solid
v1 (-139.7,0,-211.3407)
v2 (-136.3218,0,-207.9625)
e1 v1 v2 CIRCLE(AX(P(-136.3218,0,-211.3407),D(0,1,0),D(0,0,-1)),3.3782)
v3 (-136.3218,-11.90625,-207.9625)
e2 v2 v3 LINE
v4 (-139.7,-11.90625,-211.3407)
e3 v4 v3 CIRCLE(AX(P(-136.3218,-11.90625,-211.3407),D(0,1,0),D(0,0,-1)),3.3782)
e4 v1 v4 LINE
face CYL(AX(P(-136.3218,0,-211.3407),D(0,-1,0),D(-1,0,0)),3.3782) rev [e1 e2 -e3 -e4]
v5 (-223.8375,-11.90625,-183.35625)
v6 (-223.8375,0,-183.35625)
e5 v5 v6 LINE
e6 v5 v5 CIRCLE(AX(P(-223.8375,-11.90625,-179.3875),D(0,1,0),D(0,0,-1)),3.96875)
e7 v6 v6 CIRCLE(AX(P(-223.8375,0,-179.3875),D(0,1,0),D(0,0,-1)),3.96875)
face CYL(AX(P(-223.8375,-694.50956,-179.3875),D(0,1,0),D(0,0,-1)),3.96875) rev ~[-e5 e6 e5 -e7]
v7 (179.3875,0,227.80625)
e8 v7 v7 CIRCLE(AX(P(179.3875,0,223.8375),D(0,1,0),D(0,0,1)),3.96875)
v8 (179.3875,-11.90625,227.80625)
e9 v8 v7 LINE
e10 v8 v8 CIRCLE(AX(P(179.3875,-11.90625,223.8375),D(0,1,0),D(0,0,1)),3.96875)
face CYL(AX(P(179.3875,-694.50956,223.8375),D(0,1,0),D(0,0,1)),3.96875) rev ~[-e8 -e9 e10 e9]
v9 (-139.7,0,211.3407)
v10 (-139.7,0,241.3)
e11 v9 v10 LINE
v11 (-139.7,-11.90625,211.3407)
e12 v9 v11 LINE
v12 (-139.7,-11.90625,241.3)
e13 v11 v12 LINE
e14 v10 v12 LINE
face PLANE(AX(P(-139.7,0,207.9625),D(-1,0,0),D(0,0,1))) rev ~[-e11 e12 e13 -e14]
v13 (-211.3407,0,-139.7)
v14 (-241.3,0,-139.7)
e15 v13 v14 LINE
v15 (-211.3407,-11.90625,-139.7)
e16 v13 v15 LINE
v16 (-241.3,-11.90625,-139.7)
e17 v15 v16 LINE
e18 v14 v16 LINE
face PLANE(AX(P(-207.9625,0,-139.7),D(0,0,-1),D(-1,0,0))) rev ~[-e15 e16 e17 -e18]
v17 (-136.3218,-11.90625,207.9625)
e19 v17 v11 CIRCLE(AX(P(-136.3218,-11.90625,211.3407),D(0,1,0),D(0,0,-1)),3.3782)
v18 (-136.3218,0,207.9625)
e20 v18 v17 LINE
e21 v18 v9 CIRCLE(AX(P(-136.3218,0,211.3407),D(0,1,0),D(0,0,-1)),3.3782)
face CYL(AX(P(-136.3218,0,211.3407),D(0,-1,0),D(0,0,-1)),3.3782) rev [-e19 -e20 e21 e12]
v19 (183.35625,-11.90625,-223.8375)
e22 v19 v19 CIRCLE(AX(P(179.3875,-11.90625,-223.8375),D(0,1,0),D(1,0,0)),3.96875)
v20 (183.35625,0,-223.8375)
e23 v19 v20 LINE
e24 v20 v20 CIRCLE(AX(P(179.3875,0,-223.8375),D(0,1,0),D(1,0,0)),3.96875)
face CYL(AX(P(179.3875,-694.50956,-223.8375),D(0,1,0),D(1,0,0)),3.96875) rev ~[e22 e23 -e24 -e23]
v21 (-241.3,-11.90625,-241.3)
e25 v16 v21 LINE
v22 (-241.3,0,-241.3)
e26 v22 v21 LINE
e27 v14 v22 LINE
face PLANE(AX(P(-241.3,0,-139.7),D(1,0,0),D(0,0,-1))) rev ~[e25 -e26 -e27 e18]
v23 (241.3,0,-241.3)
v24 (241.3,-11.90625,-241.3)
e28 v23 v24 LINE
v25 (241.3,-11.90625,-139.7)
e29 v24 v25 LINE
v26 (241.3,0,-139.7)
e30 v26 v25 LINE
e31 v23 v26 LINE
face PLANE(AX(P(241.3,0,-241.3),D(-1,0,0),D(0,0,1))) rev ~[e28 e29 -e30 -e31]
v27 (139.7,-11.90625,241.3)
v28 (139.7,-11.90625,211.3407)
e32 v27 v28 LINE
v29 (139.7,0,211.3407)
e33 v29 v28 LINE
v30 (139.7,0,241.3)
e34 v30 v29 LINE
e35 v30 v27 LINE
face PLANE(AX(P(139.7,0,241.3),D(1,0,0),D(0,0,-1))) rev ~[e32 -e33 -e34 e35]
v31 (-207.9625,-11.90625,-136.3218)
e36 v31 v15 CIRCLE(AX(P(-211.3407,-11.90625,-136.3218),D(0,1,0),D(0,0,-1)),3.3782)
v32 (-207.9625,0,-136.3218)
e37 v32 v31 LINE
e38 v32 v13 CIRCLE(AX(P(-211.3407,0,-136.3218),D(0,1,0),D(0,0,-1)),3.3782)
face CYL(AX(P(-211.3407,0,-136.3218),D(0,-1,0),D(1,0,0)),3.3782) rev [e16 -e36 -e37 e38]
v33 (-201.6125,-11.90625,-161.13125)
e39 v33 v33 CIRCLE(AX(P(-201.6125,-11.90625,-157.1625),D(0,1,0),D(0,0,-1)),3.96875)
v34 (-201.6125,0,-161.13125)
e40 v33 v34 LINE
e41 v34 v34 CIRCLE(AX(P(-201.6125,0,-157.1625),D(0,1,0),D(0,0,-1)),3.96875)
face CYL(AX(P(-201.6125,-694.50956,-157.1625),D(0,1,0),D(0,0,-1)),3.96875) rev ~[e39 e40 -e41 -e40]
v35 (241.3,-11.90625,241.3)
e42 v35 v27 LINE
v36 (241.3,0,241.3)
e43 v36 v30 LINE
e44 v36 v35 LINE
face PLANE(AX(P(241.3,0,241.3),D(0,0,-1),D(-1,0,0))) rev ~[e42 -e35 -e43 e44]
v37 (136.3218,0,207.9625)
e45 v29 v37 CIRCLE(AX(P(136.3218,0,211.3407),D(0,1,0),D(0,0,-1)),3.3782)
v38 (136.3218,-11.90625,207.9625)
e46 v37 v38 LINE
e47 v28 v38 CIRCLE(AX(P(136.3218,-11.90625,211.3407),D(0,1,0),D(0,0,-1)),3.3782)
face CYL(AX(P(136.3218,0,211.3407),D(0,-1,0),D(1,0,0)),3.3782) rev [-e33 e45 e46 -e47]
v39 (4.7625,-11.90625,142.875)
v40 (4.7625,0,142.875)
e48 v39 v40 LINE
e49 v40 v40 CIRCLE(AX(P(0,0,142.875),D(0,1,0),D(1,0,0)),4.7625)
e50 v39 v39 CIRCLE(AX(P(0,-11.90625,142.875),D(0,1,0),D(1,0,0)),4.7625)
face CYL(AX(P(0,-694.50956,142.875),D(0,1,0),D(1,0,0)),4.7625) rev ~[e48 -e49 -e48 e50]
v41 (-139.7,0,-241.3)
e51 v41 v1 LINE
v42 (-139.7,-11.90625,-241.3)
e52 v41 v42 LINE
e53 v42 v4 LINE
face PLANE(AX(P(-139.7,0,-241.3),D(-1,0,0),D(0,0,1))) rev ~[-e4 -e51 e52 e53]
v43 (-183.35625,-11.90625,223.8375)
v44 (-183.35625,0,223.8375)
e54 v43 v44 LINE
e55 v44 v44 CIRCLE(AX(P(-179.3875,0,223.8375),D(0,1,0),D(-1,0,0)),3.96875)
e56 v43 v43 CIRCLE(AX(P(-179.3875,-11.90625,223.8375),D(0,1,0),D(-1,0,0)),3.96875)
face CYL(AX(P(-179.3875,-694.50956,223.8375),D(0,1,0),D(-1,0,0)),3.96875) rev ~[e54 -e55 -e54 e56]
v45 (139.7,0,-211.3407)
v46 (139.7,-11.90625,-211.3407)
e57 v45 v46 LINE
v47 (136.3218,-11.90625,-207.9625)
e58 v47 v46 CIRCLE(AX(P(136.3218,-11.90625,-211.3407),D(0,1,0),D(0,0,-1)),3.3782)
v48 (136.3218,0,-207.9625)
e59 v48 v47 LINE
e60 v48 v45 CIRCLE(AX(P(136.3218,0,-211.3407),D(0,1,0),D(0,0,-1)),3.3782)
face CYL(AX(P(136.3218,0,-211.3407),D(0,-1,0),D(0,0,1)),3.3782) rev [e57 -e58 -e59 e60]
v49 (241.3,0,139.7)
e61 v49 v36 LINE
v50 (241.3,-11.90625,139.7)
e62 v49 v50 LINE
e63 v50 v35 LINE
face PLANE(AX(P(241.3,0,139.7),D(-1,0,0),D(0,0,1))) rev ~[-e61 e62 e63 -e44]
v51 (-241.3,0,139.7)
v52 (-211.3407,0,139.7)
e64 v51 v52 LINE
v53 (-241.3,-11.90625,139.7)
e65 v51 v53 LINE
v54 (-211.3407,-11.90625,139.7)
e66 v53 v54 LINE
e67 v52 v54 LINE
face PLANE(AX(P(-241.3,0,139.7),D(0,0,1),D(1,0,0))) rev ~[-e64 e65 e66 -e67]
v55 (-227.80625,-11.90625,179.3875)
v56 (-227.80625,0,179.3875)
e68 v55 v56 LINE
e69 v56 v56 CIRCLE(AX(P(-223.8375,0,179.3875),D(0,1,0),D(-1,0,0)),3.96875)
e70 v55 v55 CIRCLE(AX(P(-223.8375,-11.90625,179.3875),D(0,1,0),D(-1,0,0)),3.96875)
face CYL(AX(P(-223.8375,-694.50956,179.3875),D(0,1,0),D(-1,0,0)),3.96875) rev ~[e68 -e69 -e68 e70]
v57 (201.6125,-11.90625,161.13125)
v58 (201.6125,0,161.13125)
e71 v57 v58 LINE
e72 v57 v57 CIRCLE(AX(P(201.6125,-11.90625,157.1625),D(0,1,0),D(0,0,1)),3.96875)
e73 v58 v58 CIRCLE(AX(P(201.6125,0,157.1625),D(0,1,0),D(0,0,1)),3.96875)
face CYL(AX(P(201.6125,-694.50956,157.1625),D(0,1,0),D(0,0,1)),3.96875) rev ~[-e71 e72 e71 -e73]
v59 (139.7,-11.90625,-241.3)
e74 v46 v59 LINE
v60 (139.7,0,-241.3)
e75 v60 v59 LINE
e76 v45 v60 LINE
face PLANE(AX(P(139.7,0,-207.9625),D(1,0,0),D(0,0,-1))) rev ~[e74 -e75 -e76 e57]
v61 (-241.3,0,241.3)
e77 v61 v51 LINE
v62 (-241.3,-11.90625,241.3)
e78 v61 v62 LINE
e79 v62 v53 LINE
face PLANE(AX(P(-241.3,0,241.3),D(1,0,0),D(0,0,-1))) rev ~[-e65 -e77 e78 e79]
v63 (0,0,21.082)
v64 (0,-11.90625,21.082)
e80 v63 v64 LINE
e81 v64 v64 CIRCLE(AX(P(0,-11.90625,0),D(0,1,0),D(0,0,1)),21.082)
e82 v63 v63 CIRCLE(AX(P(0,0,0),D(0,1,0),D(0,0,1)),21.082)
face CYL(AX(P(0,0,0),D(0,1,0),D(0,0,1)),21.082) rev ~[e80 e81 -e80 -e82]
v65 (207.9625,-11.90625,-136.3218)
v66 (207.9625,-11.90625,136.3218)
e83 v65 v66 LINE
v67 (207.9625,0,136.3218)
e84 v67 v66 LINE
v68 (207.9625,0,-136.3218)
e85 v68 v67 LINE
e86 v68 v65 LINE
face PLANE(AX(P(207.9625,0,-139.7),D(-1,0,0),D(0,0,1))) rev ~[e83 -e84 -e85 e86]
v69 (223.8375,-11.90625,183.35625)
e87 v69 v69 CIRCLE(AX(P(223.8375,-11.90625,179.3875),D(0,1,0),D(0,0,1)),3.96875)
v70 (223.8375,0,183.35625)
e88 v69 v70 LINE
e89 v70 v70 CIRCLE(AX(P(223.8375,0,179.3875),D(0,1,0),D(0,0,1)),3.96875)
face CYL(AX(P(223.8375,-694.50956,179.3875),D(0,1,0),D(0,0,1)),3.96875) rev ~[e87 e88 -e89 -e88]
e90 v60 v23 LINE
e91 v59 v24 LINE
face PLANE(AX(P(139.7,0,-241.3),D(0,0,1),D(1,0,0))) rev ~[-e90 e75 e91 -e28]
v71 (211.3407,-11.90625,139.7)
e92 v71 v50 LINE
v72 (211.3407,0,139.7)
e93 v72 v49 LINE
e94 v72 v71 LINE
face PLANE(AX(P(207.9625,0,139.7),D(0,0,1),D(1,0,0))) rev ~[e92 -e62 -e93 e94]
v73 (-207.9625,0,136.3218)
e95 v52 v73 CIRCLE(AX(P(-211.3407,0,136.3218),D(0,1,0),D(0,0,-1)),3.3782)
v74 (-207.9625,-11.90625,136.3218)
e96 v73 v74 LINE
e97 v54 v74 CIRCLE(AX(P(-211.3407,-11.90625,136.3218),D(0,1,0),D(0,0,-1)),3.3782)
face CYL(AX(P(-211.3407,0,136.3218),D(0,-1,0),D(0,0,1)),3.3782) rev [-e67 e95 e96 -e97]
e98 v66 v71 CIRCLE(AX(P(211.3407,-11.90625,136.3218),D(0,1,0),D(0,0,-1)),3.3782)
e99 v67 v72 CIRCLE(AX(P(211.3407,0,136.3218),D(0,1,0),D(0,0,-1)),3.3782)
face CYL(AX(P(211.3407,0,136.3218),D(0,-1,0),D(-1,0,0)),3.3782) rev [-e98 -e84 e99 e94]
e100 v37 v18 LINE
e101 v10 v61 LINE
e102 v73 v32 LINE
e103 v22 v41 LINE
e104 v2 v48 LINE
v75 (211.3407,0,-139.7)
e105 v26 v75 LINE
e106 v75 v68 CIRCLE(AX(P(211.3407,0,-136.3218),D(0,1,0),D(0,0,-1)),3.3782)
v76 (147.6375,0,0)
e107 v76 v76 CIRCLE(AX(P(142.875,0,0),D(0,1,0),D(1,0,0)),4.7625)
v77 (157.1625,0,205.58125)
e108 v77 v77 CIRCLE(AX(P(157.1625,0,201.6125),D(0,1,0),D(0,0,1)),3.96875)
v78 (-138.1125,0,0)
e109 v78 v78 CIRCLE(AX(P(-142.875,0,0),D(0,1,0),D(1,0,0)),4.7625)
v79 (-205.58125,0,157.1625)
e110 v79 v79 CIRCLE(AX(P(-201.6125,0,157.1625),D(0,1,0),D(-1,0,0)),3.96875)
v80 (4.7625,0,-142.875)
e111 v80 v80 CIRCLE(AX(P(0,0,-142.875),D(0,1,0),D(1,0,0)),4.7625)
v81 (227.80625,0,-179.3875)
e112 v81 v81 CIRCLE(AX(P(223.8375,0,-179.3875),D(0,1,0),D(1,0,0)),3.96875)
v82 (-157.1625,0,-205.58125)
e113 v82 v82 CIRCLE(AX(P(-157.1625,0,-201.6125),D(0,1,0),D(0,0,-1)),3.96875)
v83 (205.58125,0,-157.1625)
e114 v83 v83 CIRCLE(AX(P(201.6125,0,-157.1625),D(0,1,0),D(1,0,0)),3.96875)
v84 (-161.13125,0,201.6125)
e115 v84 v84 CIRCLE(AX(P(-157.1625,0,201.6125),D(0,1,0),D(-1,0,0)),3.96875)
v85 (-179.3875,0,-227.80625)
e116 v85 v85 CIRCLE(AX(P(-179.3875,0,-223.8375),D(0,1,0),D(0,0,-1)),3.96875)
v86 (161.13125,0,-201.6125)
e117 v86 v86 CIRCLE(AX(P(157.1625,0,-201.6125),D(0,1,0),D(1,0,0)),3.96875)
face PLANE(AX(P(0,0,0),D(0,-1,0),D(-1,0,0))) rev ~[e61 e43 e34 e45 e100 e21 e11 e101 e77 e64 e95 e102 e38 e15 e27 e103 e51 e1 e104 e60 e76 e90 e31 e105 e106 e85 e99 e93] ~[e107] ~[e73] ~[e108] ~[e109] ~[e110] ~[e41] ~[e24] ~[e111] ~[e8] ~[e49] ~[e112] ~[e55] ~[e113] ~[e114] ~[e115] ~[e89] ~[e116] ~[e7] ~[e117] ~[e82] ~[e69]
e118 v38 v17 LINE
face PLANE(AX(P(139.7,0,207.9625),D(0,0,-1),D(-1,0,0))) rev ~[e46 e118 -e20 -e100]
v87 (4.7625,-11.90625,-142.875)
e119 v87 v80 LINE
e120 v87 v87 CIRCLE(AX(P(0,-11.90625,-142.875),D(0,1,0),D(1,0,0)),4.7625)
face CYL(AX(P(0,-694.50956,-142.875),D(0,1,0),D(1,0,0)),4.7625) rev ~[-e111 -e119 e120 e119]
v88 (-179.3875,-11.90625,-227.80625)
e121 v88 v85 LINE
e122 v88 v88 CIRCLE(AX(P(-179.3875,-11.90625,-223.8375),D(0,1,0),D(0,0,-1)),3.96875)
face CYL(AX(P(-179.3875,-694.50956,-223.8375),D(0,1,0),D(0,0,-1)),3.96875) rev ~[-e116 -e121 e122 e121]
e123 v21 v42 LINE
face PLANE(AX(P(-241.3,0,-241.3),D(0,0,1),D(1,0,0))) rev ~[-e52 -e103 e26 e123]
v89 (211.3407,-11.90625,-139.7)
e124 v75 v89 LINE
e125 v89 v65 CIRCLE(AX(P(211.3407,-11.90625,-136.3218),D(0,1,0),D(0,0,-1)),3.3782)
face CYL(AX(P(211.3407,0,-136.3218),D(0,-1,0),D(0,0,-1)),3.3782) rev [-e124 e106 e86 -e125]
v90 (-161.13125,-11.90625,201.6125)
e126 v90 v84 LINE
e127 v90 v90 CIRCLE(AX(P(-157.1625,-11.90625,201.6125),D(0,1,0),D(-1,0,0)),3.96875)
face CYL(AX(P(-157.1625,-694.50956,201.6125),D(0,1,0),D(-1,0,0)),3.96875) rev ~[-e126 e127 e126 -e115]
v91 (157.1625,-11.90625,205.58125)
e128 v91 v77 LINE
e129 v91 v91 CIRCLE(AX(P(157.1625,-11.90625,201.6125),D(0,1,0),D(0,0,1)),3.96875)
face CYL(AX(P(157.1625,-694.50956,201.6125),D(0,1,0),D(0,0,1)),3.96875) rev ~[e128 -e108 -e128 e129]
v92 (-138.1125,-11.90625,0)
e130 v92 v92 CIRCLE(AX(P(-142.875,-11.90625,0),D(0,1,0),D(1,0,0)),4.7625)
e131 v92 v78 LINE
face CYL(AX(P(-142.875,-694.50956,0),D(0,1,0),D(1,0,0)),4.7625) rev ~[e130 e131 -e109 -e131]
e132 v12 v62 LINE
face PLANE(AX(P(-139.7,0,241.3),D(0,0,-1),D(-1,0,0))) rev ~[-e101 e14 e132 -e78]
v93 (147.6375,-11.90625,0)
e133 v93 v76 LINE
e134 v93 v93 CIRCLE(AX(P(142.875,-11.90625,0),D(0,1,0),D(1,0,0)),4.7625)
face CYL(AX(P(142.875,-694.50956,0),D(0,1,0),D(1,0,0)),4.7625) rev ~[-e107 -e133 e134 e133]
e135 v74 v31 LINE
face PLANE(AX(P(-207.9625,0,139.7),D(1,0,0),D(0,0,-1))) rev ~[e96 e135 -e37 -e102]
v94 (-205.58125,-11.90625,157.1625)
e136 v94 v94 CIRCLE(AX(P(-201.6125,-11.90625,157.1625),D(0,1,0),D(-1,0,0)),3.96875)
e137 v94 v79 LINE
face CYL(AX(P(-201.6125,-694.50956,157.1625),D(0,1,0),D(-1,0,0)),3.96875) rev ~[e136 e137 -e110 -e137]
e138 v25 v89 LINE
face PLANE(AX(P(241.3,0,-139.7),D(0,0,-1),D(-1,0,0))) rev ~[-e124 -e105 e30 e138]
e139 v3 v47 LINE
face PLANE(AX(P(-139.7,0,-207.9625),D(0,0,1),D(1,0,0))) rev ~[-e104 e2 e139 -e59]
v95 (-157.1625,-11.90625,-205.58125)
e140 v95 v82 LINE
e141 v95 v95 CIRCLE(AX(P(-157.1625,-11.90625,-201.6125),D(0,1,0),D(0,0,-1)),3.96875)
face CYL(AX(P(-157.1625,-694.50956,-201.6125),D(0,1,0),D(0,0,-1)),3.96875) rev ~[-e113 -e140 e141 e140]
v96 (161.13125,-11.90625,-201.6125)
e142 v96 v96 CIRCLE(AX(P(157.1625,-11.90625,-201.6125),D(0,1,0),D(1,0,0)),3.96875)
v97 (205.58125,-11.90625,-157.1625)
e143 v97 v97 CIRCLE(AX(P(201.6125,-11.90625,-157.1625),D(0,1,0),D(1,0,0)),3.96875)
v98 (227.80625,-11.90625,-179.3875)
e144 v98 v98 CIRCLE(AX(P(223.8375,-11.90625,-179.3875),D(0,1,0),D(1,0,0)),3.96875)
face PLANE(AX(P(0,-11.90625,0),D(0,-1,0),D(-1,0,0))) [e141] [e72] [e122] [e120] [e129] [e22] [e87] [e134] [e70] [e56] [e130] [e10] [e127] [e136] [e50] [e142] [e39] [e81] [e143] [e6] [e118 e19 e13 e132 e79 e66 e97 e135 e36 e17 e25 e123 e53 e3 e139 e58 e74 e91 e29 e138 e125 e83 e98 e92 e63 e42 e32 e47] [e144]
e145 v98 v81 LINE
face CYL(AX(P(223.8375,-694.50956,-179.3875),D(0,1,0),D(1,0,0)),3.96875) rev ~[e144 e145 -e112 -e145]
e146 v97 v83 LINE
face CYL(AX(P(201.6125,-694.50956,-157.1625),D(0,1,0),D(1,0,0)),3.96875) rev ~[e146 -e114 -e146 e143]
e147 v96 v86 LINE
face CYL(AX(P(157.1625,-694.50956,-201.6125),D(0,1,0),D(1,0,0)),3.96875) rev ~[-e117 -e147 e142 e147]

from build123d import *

# Parameters (mm, degrees)
BOSS_EXTRUDE1_DEPTH             = 11.90625
FILLET1_R                       = 3.3782
FOR_CONNECTION_TO_DONUT_D       = 9.525
F_5_16_0_3125_DIAMETER_HOLE1_D  = 7.9375
CIRPATTERN1_COUNT               = 4
SKETCH14_R                      = 21.082
HOLE_FOR_WHEEL_ON_A_STICK_DEPTH = 342.457374776


with BuildPart() as part:
    # Sketch2 → Boss-Extrude1 (new body)
    with BuildSketch(Plane(origin=(0, 0, 0), x_dir=(1, 0, 0), z_dir=(0, 1, 0))):
        Polygon((-241.3, 241.3), (-139.7, 241.3), (-139.7, 207.9625), (139.7, 207.9625), (139.7, 241.3), (241.3, 241.3), (241.3, 139.7), (207.9625, 139.7), (207.9625, -139.7), (241.3, -139.7), (241.3, -241.3), (139.7, -241.3), (139.7, -207.9625), (-139.7, -207.9625), (-139.7, -241.3), (-241.3, -241.3), (-241.3, -139.7), (-207.9625, -139.7), (-207.9625, 139.7), (-241.3, 139.7), align=None)
    extrude(amount=-BOSS_EXTRUDE1_DEPTH)

    # Fillet1
    fillet1_edges = [part.edges().sort_by_distance(p)[0] for p in [
        (-139.7, -5.953125, -207.9625),
        (139.7, -5.953125, -207.9625),
        (207.9625, -5.953125, -139.7),
        (207.9625, -5.953125, 139.7),
        (139.7, -5.953125, 207.9625),
        (-139.7, -5.953125, 207.9625),
        (-207.9625, -5.953125, 139.7),
        (-207.9625, -5.953125, -139.7),
    ]]
    fillet(fillet1_edges, radius=FILLET1_R)

    # for connection to donut (through all)
    with Locations(Plane(origin=(0, -11.90625, 0), x_dir=(-1, 0, 0), z_dir=(0, -1, 0))):
        with Locations((0, -142.875), (142.875, 0), (0, 142.875), (-142.875, 0)):
            Hole(FOR_CONNECTION_TO_DONUT_D / 2)

    # 5/16 (0.3125) Diameter Hole1 (through all)
    with Locations(Plane(origin=(0, -11.90625, 0), x_dir=(-1, 0, 0), z_dir=(0, -1, 0))):
        with Locations((-157.1625, 201.6125), (-179.3875, 223.8375), (-223.8375, 179.3875), (-201.6125, 157.1625)):
            f_5_16_0_3125_diameter_hole1 = Hole(F_5_16_0_3125_DIAMETER_HOLE1_D / 2)

    # CirPattern1: 5/16 (0.3125) Diameter Hole1 ×4 about axis
    cirpattern1_axis = Axis((0, 0, 0), (0, 1, 0))
    for i in range(1, CIRPATTERN1_COUNT):
        add(f_5_16_0_3125_diameter_hole1.rotate(cirpattern1_axis, i * 360 / CIRPATTERN1_COUNT), mode=Mode.SUBTRACT)

    # Sketch14 → hole for wheel on a stick (cut, through all)
    with BuildSketch(Plane(origin=(0, 0, 0), x_dir=(1, 0, 0), z_dir=(0, 1, 0))):
        with Locations(Location((0, 0, 0), (0, 0, 270))):
            Circle(SKETCH14_R)
    extrude(amount=-HOLE_FOR_WHEEL_ON_A_STICK_DEPTH, mode=Mode.SUBTRACT)


solid = part.part
